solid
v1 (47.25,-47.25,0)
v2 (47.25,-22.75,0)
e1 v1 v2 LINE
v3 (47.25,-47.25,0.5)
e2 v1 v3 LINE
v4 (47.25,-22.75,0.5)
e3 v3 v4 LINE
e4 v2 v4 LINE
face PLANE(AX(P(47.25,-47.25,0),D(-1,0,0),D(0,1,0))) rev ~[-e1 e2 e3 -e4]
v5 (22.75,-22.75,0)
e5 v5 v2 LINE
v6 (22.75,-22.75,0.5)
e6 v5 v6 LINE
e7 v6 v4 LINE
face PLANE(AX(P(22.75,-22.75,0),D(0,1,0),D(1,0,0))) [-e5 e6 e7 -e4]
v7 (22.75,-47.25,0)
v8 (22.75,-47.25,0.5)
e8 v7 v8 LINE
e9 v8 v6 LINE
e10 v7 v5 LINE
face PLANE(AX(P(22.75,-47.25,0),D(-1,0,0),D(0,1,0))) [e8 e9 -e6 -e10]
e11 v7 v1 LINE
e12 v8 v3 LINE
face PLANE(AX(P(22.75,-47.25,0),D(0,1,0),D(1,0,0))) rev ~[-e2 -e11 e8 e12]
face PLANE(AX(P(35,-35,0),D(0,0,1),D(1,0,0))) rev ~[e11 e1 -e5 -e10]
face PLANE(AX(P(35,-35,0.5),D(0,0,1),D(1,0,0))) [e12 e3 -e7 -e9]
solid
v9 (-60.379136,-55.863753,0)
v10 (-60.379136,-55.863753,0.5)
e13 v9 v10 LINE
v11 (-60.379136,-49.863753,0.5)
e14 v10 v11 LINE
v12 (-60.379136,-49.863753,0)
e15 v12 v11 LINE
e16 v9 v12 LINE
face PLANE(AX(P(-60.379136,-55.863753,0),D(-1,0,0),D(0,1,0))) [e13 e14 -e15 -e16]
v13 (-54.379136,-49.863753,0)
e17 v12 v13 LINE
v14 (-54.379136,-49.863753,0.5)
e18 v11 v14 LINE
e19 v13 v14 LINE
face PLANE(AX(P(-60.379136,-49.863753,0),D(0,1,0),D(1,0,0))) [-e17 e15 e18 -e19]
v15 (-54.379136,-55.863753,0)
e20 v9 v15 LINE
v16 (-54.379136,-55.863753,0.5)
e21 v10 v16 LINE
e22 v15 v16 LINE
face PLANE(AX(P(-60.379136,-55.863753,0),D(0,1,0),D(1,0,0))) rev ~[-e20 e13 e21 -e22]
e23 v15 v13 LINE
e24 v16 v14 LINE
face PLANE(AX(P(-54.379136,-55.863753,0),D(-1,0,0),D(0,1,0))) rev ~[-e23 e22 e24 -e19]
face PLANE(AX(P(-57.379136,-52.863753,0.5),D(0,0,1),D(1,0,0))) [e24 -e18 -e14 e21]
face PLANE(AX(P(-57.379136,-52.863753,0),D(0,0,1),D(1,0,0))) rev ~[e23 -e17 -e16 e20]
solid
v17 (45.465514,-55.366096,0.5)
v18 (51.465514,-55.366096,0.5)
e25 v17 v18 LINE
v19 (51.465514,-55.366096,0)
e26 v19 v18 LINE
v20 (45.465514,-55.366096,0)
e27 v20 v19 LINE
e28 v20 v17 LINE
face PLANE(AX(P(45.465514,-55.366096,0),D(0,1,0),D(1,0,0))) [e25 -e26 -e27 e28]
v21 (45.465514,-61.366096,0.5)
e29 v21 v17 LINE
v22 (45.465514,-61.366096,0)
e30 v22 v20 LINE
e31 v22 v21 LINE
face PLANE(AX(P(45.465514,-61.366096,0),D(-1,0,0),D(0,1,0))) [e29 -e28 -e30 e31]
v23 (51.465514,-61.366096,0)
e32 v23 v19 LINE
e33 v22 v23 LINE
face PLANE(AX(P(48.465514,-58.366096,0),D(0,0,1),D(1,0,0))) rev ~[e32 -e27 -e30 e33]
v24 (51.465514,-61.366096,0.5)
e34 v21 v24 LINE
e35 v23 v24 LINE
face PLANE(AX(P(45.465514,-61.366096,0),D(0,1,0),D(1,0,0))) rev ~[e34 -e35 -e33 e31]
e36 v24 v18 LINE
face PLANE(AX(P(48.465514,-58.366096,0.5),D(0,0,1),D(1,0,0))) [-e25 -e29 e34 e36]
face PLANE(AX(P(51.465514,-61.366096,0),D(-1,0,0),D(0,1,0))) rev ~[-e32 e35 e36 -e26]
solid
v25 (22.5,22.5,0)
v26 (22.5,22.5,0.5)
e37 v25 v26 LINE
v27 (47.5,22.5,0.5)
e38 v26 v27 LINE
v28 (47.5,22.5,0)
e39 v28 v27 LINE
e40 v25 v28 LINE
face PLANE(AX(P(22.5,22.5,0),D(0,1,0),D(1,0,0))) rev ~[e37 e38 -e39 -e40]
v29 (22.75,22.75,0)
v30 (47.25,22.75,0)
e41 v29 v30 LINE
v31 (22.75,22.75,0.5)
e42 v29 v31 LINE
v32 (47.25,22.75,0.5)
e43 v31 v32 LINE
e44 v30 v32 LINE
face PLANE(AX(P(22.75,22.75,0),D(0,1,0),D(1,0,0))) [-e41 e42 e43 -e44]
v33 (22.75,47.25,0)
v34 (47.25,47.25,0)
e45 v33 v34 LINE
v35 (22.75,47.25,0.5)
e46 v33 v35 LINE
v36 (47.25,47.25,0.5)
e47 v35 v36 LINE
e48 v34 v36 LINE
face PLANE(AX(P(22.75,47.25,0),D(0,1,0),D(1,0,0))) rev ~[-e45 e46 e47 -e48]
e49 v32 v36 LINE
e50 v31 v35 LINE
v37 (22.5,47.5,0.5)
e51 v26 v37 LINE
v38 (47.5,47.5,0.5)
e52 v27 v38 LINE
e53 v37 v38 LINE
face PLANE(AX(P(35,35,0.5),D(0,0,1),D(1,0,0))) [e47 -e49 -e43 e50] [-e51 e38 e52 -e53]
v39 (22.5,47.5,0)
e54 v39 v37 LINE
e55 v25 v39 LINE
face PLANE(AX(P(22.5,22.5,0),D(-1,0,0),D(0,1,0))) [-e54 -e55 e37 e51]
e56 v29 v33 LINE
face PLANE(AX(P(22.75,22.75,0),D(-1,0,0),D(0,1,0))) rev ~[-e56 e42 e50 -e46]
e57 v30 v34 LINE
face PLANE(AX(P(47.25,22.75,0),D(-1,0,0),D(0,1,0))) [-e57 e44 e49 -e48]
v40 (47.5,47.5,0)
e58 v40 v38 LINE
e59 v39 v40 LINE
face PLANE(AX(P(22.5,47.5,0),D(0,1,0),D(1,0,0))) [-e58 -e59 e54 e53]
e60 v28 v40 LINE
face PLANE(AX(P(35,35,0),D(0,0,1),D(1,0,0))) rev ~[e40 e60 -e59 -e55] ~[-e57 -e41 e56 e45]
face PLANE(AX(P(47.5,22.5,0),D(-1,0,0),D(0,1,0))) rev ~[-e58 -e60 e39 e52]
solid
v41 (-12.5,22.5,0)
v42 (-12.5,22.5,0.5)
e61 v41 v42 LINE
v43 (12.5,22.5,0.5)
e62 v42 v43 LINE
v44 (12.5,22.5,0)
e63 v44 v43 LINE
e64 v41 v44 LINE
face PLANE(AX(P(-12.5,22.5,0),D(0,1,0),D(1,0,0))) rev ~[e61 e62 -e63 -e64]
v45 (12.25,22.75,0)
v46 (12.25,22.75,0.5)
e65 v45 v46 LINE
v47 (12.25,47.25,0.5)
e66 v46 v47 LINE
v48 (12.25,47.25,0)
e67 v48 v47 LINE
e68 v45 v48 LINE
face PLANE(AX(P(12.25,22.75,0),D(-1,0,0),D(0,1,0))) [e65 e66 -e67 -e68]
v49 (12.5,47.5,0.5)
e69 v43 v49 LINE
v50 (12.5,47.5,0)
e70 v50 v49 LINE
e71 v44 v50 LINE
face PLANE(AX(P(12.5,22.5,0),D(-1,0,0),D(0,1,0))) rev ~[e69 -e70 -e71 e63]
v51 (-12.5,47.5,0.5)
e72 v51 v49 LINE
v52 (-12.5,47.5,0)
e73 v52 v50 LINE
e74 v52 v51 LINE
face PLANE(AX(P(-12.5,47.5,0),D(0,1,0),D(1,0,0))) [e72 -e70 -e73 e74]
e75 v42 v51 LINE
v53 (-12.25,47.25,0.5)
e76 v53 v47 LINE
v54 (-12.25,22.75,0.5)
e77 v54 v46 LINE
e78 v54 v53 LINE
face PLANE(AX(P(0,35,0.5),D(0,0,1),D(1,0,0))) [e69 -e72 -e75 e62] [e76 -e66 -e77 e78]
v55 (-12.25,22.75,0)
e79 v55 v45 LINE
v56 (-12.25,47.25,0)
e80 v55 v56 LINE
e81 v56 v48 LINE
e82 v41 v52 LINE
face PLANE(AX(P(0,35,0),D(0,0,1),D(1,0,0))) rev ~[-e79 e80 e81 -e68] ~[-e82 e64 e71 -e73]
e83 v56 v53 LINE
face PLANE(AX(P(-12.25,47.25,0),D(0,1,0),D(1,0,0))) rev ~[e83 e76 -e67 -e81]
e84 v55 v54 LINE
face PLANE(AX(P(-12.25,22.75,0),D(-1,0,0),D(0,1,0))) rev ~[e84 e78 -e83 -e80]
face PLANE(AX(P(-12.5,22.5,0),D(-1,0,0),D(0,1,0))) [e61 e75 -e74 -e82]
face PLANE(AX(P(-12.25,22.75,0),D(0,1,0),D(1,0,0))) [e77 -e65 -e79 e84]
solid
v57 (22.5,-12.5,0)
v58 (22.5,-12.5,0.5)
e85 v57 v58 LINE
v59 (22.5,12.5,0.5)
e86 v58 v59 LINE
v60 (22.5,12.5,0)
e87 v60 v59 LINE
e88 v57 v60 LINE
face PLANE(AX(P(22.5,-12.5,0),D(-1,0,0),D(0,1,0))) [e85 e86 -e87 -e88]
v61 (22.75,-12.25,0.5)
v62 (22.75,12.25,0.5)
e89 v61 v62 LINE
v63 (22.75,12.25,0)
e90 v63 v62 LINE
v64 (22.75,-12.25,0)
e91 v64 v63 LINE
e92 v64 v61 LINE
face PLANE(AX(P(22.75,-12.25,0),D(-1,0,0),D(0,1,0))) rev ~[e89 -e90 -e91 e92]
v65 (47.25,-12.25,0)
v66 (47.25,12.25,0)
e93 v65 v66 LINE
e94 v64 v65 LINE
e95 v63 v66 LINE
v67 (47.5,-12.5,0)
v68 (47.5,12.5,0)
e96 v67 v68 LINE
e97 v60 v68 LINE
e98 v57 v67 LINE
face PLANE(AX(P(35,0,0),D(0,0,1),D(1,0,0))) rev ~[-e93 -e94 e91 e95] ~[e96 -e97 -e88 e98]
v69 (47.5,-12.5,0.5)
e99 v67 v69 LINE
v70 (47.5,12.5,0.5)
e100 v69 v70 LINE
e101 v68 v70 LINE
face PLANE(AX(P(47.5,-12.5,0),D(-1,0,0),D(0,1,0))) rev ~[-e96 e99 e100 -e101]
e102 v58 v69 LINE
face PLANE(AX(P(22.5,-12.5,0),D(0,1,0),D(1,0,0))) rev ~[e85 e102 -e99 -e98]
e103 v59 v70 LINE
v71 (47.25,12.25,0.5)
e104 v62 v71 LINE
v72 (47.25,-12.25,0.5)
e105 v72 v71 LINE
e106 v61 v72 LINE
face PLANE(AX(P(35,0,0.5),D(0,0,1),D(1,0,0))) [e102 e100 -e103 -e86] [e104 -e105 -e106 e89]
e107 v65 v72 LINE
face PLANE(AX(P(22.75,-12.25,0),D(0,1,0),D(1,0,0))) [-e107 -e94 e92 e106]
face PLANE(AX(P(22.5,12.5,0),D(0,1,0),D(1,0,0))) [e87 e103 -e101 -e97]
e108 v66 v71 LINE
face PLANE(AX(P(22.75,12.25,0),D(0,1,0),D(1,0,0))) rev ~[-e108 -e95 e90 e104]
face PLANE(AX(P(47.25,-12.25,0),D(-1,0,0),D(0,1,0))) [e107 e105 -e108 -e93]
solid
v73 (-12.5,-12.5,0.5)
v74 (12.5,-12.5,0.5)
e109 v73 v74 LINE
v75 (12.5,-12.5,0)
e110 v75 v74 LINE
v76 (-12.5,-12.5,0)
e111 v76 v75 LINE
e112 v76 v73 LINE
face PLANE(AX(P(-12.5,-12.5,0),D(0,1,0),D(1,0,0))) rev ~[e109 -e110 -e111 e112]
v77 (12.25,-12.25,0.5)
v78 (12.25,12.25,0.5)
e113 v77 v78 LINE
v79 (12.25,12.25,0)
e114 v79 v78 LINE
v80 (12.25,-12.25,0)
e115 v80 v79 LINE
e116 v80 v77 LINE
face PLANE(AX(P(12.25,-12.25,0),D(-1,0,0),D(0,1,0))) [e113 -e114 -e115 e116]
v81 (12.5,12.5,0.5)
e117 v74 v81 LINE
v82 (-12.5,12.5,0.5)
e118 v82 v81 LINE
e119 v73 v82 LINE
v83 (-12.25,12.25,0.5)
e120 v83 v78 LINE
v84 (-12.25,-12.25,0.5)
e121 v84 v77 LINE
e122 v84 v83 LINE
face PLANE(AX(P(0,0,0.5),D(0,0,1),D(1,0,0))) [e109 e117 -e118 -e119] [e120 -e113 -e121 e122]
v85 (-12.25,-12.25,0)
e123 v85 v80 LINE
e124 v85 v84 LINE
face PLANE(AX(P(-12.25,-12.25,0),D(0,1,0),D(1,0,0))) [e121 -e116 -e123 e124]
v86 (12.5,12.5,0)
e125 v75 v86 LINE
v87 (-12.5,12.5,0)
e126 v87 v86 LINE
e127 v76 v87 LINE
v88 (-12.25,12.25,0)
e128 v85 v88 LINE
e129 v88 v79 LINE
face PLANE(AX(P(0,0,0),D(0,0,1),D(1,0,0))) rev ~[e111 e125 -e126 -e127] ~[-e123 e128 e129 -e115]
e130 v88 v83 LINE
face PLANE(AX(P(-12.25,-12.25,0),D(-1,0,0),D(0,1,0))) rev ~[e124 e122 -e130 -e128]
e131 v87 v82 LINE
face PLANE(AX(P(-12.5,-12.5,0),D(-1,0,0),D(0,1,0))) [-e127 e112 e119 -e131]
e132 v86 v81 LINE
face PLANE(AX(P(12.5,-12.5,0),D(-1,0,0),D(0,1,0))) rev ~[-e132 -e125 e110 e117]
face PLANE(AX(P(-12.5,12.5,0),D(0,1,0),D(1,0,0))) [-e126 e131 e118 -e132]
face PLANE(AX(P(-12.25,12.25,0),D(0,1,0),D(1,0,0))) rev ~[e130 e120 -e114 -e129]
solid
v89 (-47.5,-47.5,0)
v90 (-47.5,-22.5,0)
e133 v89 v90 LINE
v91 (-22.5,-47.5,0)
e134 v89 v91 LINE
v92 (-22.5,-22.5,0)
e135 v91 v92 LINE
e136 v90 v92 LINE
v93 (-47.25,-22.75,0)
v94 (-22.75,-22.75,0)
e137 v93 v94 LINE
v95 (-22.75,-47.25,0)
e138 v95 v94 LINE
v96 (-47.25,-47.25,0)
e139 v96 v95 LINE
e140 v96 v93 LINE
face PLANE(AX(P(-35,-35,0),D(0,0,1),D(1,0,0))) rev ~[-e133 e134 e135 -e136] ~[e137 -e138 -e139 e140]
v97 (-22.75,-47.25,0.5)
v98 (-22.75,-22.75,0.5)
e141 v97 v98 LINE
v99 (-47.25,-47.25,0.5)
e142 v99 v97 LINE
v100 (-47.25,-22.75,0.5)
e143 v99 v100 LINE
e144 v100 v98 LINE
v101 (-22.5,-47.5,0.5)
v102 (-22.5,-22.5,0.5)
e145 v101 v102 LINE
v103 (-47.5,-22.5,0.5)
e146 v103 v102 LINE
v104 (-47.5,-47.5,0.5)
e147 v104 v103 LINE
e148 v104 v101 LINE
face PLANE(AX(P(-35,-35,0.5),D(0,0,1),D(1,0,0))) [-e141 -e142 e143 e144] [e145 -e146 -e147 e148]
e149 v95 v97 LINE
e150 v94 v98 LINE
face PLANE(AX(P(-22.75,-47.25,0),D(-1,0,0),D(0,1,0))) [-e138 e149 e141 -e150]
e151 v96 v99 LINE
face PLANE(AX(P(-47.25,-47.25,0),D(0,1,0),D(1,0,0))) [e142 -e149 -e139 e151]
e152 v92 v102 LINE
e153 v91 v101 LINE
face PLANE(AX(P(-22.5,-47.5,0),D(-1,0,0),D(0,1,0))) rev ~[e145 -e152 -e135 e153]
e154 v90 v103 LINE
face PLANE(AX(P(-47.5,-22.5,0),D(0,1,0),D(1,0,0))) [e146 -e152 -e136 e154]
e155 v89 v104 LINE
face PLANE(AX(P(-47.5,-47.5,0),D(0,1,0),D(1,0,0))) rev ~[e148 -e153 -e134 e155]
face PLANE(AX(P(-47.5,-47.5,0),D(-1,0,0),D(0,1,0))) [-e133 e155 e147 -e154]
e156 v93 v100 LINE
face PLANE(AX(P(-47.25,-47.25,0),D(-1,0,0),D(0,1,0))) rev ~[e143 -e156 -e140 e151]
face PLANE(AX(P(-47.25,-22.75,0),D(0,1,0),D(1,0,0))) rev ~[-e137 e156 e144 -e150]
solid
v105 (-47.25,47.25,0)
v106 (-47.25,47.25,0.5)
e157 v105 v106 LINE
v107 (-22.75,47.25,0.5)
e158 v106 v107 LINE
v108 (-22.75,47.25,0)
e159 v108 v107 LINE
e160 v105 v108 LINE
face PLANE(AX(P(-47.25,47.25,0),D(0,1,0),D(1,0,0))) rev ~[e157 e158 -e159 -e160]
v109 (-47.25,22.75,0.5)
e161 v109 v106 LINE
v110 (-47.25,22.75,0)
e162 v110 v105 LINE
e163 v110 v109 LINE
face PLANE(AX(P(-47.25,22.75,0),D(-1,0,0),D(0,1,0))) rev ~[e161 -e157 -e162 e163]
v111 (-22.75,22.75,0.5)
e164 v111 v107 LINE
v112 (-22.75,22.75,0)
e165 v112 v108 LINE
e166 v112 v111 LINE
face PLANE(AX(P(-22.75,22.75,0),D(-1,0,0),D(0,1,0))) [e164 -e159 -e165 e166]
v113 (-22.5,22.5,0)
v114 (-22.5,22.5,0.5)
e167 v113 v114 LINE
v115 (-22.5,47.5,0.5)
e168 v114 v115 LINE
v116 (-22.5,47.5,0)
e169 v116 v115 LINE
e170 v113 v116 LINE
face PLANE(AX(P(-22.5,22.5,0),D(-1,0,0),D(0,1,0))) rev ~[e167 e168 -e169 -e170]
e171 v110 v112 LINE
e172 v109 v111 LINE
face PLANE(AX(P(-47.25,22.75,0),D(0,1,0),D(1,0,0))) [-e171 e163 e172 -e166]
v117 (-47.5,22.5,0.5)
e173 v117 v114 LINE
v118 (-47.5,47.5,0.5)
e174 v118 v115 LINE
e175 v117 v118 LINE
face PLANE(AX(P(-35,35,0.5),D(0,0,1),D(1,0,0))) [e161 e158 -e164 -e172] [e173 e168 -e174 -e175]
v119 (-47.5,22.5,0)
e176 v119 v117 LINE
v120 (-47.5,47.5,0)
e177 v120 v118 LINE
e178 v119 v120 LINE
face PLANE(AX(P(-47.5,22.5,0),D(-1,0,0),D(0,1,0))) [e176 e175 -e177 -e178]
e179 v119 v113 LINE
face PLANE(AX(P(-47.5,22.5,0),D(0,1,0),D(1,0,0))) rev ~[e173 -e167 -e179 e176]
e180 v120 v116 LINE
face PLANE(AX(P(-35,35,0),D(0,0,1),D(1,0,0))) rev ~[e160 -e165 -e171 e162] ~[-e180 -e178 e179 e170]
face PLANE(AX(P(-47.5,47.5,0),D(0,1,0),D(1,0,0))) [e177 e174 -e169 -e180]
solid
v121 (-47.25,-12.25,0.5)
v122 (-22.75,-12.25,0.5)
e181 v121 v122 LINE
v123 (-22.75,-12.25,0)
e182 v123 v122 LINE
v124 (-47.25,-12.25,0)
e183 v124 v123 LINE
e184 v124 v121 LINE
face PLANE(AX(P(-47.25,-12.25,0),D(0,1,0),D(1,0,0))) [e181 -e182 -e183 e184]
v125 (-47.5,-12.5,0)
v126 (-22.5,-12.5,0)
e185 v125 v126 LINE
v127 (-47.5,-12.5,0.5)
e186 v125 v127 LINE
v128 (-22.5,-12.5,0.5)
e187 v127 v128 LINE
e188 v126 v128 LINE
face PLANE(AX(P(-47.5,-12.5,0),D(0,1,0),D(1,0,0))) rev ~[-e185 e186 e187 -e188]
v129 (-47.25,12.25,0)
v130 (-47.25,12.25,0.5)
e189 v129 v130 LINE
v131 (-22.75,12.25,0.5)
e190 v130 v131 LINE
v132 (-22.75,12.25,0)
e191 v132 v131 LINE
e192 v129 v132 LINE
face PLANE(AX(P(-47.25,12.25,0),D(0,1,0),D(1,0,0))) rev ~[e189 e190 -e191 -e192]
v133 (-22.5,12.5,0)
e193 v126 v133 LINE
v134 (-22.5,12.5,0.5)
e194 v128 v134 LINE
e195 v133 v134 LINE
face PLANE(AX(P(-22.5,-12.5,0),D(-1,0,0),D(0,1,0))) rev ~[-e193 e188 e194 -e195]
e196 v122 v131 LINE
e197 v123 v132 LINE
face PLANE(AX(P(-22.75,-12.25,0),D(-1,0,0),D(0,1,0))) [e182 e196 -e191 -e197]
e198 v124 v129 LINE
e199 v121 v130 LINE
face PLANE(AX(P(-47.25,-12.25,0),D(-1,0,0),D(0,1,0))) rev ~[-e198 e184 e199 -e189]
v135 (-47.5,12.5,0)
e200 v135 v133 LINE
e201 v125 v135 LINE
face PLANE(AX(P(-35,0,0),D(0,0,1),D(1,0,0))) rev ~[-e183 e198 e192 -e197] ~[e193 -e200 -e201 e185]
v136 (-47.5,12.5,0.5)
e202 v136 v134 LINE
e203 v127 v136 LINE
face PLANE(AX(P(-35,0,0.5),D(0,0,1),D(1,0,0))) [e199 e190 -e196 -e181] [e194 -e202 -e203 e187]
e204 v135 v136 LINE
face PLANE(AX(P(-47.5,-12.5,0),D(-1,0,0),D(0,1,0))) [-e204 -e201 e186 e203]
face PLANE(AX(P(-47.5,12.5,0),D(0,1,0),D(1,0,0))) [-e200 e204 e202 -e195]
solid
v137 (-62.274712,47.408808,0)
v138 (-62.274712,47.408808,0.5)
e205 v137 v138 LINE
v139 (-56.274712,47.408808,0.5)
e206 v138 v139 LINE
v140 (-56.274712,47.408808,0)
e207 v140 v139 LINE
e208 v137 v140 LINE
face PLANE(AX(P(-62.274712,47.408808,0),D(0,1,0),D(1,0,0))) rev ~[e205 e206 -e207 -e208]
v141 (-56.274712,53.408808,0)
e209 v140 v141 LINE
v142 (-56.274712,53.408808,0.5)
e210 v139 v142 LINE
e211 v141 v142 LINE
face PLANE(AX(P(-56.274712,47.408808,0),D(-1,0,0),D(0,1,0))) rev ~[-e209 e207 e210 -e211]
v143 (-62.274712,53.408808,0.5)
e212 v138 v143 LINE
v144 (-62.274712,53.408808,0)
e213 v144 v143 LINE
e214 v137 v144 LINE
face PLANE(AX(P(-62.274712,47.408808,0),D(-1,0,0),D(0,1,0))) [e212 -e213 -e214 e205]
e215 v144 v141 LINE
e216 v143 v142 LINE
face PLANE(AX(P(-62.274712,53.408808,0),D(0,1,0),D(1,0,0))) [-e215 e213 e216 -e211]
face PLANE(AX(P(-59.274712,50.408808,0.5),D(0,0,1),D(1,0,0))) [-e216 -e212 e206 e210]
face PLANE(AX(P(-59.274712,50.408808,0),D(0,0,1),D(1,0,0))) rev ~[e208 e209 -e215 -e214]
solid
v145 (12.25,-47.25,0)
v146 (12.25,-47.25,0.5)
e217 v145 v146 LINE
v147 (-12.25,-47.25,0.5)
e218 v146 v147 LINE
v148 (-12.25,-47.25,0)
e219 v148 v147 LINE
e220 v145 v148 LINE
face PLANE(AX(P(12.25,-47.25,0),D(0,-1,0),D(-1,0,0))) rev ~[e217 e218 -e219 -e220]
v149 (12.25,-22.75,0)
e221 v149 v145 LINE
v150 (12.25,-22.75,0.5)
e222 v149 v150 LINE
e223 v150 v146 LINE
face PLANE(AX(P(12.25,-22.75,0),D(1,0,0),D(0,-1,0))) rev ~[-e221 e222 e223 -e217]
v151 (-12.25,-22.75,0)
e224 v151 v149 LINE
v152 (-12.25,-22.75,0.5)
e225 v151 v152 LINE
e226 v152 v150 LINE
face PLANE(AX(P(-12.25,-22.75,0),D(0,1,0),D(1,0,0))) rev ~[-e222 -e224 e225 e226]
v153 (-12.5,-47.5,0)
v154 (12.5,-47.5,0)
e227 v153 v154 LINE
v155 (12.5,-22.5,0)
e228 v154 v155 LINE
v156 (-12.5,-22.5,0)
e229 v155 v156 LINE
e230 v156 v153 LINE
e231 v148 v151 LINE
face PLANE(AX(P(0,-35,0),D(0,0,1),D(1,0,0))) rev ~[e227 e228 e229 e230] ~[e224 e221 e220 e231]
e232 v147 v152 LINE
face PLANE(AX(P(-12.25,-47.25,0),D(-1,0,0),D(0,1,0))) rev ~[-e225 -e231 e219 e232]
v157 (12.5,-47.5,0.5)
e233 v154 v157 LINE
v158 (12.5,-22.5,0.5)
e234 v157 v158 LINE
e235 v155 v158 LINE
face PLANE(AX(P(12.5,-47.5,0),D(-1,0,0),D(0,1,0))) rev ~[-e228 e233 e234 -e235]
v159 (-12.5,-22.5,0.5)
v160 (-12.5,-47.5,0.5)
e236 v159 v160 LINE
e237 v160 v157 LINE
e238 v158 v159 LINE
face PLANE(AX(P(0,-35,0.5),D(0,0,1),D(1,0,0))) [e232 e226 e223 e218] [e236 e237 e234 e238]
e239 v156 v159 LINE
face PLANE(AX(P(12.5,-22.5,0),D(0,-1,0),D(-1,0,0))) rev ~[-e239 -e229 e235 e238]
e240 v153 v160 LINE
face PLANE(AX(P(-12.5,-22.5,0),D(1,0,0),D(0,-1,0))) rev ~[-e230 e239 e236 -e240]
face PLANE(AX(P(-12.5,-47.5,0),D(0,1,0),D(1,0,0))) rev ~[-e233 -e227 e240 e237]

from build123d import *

# Parameters (mm, degrees)
F0_W     = 25
F0_H     = 25
F0_W_2   = 24.5
F0_H_2   = 24.5
F0_W_3   = 6
F0_H_3   = 6
F1_DEPTH = 0.5


with BuildPart() as f1:
    # F0 (on Top) → F1 (new body)
    with BuildSketch(Plane.XY):
        with Locations((-35, 0)):
            Rectangle(F0_W, F0_H)
        with Locations((-35, 0)):
            Rectangle(F0_W_2, F0_H_2, mode=Mode.SUBTRACT)
        with Locations((0, 35)):
            Rectangle(F0_W, F0_H)
        with Locations((0, 35)):
            Rectangle(F0_W_2, F0_H_2, mode=Mode.SUBTRACT)
        with Locations((-35, 35)):
            Rectangle(F0_W, F0_H)
        with Locations((-35, 35)):
            Rectangle(F0_W_2, F0_H_2, mode=Mode.SUBTRACT)
        Rectangle(F0_W, F0_H)
        Rectangle(F0_W_2, F0_H_2, mode=Mode.SUBTRACT)
        with Locations((-35, -35)):
            Rectangle(F0_W, F0_H)
        with Locations((-35, -35)):
            Rectangle(F0_W_2, F0_H_2, mode=Mode.SUBTRACT)
        Polygon((-12.25, -47.25), (-4.531539, -47.25), (12.25, -47.25), (12.25, -22.75), (-12.25, -22.75), align=None)
        with Locations((0, -35.25)):
            Rectangle(F0_W_3, F0_H_3, mode=Mode.SUBTRACT)
        Polygon((-12.5, -47.5), (-4.531539, -47.5), (12.5, -47.5), (12.5, -22.5), (-12.5, -22.5), align=None)
        Polygon((12.25, -47.25), (-4.531539, -47.25), (-12.25, -47.25), (-12.25, -22.75), (12.25, -22.75), align=None, mode=Mode.SUBTRACT)
        with Locations((35, -35)):
            Rectangle(F0_W_2, F0_H_2)
        with Locations((35, 35)):
            Rectangle(F0_W, F0_H)
        with Locations((35, 35)):
            Rectangle(F0_W_2, F0_H_2, mode=Mode.SUBTRACT)
        with Locations((35, 0)):
            Rectangle(F0_W, F0_H)
        with Locations((35, 0)):
            Rectangle(F0_W_2, F0_H_2, mode=Mode.SUBTRACT)
        with Locations((-59.274712, 50.408808)):
            Rectangle(F0_W_3, F0_H_3)
        with Locations((-57.379136, -52.863753)):
            Rectangle(F0_W_3, F0_H_3)
        with Locations((48.465514, -58.366096)):
            Rectangle(F0_W_3, F0_H_3)
    extrude(amount=F1_DEPTH)


solid = f1.part
